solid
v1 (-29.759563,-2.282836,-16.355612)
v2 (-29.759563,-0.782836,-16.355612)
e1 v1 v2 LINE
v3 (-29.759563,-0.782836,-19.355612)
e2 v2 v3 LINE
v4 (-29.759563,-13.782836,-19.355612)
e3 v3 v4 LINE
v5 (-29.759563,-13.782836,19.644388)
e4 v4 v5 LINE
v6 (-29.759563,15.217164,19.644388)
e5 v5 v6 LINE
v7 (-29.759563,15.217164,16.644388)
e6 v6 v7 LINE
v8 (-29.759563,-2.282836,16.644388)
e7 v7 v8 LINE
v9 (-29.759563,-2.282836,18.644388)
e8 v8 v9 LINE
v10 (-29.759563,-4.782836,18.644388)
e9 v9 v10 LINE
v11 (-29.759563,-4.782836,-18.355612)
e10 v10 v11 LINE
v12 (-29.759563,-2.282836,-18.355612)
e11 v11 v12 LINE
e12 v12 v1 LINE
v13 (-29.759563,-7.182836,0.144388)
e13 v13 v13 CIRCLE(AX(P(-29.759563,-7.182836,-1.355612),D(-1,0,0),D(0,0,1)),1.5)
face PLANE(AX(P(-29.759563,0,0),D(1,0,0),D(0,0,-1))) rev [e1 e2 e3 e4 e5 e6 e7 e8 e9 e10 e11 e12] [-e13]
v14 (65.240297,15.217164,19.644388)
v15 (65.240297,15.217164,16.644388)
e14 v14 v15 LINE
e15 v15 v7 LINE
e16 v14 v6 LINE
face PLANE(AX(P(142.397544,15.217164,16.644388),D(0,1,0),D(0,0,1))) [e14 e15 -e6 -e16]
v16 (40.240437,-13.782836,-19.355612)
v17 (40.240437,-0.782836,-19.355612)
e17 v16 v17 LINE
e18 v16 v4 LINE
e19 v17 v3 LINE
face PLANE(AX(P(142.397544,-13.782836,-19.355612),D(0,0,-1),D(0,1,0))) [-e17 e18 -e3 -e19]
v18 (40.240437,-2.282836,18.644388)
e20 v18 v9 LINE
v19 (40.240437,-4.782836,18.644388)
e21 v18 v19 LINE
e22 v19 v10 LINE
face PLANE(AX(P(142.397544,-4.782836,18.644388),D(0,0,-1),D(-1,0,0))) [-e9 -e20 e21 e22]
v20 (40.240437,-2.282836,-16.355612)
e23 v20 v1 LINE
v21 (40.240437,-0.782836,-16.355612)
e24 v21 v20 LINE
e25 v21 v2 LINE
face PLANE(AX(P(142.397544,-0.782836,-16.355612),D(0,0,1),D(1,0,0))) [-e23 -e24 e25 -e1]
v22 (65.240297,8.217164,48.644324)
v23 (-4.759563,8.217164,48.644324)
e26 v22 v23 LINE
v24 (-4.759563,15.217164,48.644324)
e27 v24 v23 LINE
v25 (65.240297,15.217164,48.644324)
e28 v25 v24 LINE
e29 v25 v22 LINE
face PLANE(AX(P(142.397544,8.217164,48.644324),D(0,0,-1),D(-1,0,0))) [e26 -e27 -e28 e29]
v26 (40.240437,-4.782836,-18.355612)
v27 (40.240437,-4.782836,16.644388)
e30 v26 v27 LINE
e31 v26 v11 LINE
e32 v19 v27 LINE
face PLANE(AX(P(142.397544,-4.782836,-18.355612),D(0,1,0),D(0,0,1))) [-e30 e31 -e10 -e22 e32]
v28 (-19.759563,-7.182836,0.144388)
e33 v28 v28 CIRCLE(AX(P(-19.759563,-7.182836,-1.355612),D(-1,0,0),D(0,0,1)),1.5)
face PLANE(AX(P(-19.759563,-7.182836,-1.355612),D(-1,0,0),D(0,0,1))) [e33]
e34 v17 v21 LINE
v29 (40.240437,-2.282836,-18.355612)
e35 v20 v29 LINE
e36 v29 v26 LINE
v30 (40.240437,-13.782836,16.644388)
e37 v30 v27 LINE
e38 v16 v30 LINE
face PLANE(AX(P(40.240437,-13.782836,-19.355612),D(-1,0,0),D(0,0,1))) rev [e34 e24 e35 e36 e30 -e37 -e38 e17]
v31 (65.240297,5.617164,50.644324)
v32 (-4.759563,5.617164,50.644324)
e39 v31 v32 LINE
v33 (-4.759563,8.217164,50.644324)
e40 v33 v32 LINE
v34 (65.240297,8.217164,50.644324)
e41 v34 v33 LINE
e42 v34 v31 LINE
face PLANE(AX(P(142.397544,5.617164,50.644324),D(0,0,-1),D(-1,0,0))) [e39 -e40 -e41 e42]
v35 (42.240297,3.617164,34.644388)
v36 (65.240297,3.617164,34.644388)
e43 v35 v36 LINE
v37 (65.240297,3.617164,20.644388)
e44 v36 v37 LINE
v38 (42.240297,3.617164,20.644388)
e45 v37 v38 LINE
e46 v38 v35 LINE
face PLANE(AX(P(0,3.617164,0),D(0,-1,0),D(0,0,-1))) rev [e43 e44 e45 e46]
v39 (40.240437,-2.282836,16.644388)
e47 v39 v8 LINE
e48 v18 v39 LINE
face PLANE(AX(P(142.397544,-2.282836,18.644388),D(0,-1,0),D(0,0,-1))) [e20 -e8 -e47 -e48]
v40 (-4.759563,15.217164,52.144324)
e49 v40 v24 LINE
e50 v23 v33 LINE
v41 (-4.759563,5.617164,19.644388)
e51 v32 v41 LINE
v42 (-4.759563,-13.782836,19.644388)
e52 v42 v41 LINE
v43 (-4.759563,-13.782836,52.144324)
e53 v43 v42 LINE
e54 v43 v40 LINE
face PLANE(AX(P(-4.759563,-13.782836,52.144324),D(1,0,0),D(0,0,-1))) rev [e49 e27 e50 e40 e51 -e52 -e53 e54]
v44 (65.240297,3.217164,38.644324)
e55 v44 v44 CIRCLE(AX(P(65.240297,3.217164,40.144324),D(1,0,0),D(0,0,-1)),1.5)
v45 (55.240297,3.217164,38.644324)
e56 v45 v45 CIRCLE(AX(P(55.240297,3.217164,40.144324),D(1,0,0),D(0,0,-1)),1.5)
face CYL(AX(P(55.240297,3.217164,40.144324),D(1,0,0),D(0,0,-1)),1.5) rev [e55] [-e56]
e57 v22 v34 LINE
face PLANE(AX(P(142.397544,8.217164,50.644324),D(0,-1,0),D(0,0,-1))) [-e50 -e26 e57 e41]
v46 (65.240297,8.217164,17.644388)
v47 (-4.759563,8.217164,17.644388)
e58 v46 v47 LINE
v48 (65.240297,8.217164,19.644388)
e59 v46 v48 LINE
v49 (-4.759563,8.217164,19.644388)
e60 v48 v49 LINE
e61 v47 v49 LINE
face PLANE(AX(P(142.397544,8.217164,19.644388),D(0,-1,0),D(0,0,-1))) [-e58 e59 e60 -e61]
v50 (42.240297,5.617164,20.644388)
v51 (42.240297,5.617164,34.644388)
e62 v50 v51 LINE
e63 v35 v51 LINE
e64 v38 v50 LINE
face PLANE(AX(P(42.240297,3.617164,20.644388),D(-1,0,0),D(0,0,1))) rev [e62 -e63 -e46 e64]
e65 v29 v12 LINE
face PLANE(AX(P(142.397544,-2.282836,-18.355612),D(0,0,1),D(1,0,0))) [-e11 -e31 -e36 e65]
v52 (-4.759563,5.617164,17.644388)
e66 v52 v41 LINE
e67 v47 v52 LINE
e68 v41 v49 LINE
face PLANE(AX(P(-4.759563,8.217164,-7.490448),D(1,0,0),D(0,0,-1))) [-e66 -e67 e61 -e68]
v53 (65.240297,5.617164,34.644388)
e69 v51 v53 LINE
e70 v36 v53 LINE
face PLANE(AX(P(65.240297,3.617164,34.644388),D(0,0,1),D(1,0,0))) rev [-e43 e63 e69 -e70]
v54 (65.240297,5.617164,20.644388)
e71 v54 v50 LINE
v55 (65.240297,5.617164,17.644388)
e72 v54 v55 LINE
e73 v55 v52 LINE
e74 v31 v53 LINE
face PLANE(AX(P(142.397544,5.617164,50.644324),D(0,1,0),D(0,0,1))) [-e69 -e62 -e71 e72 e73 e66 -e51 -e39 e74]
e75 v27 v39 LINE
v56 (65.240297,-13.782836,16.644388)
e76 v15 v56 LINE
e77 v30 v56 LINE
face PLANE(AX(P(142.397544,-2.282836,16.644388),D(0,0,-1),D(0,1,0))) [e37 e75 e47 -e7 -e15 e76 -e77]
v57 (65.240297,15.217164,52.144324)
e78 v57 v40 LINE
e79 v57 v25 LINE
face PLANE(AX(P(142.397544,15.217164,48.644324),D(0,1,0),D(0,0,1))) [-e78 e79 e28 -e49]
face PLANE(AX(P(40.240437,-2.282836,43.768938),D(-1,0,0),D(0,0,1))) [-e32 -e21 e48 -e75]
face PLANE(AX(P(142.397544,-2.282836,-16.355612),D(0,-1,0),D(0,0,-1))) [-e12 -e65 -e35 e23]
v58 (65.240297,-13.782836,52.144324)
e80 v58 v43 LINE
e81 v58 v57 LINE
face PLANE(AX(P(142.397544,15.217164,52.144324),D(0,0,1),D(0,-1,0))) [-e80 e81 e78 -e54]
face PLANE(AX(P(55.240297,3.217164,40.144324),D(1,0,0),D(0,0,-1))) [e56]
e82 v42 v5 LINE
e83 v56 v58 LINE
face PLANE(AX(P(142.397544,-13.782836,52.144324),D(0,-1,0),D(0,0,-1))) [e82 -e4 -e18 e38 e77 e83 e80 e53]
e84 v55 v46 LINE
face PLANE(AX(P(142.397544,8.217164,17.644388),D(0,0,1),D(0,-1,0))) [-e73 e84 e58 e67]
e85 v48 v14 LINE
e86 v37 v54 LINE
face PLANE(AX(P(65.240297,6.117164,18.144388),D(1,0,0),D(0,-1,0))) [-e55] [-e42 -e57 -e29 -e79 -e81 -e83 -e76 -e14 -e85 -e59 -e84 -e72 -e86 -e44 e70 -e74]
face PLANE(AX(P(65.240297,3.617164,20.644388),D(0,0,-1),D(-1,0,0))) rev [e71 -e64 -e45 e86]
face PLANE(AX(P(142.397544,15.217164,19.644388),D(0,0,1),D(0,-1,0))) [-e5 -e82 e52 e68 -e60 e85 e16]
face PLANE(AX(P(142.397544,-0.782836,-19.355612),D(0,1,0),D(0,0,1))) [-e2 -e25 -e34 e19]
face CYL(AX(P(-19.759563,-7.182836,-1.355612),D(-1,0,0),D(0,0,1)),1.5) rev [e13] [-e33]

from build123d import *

# Parameters (mm, degrees)
BOSS_EXTRUDE1_DEPTH     = 94.99986
SKETCH2_W               = 23
SKETCH2_H               = 14
CUT_EXTRUDE1_DEPTH      = 2
CUT_EXTRUDE2_DEPTH      = 86.037208991
CUT_EXTRUDE2_DEPTH_BACK = 86.037208991
SKETCH4_W               = 25
SKETCH4_H               = 32.499936
SKETCH4_W_2             = 24.99986
SKETCH4_H_2             = 36
SKETCH5_W               = 25
SKETCH5_H               = 2.6
BOSS_EXTRUDE3_DEPTH     = 2
SKETCH6_W               = 24.99986
SKETCH6_H               = 2.5
BOSS_EXTRUDE4_DEPTH     = 2
SKETCH7_R               = 1.5
CUT_EXTRUDE3_DEPTH      = 10
SKETCH8_R               = 1.5
CUT_EXTRUDE4_DEPTH      = 10


with BuildPart() as part:
    # Sketch1 → Boss-Extrude1 (new body)
    with BuildSketch(Plane.ZY.offset(29.759563114)):
        Polygon((-16.355611523, -2.282836071), (-18.355611523, -2.282836071), (-18.355611523, -4.782836071), (18.644388477, -4.782836071), (18.644388477, -2.282836071), (16.644388477, -2.282836071), (16.644388477, 15.217163929), (19.644388477, 15.217163929), (19.644388477, 8.217163929), (17.644388477, 8.217163929), (17.644388477, 5.617163929), (50.644324477, 5.617163929), (50.644324477, 8.217163929), (48.644324477, 8.217163929), (48.644324477, 15.217163929), (52.144324477, 15.217163929), (52.144324477, -13.782836071), (-19.355611523, -13.782836071), (-19.355611523, -0.782836071), (-16.355611523, -0.782836071), align=None)
    extrude(amount=-BOSS_EXTRUDE1_DEPTH)

    # Sketch2 → Cut-Extrude1 (cut)
    with BuildSketch(Plane(origin=(0, 5.617163929, 0), x_dir=(1, 0, 0), z_dir=(0, 1, 0))):
        with Locations((53.740296886, -27.644388477)):
            Rectangle(SKETCH2_W, SKETCH2_H)
    extrude(amount=-CUT_EXTRUDE1_DEPTH, mode=Mode.SUBTRACT)

    # Sketch4 → Cut-Extrude2 (cut, two sides: drawn at the far end of the back side and taken through both)
    with BuildSketch(Plane(origin=(0, -0.782836071, 0), x_dir=(1, 0, 0), z_dir=(0, 1, 0)).offset(-CUT_EXTRUDE2_DEPTH_BACK)):
        with Locations((-17.259563114, -35.894356477)):
            Rectangle(SKETCH4_W, SKETCH4_H)
        with Locations((52.740366886, 1.355611523)):
            Rectangle(SKETCH4_W_2, SKETCH4_H_2)
    extrude(amount=CUT_EXTRUDE2_DEPTH + CUT_EXTRUDE2_DEPTH_BACK, mode=Mode.SUBTRACT)

    # Sketch5 → Boss-Extrude3 (add)
    with BuildSketch(Plane.XY.offset(19.644388477)):
        with Locations((-17.259563114, 6.917163929)):
            Rectangle(SKETCH5_W, SKETCH5_H)
    extrude(amount=-BOSS_EXTRUDE3_DEPTH)

    # Sketch6 → Boss-Extrude4 (add)
    with BuildSketch(Plane(origin=(0, 0, 16.644388477), x_dir=(-1, 0, 0), z_dir=(0, 0, -1))):
        with Locations((-52.740366886, -3.532836071)):
            Rectangle(SKETCH6_W, SKETCH6_H)
    extrude(amount=-BOSS_EXTRUDE4_DEPTH)

    # Sketch7 → Cut-Extrude3 (cut)
    with BuildSketch(Plane(origin=(65.240296886, 0, 0), x_dir=(0, 0, -1), z_dir=(1, 0, 0))):
        with Locations((-40.144324477, 3.217163929)):
            Circle(SKETCH7_R)
    extrude(amount=-CUT_EXTRUDE3_DEPTH, mode=Mode.SUBTRACT)

    # Sketch8 → Cut-Extrude4 (cut)
    with BuildSketch(Plane.ZY.offset(29.759563114)):
        with Locations((-1.355611523, -7.182836071)):
            Circle(SKETCH8_R)
    extrude(amount=-CUT_EXTRUDE4_DEPTH, mode=Mode.SUBTRACT)


solid = part.part
